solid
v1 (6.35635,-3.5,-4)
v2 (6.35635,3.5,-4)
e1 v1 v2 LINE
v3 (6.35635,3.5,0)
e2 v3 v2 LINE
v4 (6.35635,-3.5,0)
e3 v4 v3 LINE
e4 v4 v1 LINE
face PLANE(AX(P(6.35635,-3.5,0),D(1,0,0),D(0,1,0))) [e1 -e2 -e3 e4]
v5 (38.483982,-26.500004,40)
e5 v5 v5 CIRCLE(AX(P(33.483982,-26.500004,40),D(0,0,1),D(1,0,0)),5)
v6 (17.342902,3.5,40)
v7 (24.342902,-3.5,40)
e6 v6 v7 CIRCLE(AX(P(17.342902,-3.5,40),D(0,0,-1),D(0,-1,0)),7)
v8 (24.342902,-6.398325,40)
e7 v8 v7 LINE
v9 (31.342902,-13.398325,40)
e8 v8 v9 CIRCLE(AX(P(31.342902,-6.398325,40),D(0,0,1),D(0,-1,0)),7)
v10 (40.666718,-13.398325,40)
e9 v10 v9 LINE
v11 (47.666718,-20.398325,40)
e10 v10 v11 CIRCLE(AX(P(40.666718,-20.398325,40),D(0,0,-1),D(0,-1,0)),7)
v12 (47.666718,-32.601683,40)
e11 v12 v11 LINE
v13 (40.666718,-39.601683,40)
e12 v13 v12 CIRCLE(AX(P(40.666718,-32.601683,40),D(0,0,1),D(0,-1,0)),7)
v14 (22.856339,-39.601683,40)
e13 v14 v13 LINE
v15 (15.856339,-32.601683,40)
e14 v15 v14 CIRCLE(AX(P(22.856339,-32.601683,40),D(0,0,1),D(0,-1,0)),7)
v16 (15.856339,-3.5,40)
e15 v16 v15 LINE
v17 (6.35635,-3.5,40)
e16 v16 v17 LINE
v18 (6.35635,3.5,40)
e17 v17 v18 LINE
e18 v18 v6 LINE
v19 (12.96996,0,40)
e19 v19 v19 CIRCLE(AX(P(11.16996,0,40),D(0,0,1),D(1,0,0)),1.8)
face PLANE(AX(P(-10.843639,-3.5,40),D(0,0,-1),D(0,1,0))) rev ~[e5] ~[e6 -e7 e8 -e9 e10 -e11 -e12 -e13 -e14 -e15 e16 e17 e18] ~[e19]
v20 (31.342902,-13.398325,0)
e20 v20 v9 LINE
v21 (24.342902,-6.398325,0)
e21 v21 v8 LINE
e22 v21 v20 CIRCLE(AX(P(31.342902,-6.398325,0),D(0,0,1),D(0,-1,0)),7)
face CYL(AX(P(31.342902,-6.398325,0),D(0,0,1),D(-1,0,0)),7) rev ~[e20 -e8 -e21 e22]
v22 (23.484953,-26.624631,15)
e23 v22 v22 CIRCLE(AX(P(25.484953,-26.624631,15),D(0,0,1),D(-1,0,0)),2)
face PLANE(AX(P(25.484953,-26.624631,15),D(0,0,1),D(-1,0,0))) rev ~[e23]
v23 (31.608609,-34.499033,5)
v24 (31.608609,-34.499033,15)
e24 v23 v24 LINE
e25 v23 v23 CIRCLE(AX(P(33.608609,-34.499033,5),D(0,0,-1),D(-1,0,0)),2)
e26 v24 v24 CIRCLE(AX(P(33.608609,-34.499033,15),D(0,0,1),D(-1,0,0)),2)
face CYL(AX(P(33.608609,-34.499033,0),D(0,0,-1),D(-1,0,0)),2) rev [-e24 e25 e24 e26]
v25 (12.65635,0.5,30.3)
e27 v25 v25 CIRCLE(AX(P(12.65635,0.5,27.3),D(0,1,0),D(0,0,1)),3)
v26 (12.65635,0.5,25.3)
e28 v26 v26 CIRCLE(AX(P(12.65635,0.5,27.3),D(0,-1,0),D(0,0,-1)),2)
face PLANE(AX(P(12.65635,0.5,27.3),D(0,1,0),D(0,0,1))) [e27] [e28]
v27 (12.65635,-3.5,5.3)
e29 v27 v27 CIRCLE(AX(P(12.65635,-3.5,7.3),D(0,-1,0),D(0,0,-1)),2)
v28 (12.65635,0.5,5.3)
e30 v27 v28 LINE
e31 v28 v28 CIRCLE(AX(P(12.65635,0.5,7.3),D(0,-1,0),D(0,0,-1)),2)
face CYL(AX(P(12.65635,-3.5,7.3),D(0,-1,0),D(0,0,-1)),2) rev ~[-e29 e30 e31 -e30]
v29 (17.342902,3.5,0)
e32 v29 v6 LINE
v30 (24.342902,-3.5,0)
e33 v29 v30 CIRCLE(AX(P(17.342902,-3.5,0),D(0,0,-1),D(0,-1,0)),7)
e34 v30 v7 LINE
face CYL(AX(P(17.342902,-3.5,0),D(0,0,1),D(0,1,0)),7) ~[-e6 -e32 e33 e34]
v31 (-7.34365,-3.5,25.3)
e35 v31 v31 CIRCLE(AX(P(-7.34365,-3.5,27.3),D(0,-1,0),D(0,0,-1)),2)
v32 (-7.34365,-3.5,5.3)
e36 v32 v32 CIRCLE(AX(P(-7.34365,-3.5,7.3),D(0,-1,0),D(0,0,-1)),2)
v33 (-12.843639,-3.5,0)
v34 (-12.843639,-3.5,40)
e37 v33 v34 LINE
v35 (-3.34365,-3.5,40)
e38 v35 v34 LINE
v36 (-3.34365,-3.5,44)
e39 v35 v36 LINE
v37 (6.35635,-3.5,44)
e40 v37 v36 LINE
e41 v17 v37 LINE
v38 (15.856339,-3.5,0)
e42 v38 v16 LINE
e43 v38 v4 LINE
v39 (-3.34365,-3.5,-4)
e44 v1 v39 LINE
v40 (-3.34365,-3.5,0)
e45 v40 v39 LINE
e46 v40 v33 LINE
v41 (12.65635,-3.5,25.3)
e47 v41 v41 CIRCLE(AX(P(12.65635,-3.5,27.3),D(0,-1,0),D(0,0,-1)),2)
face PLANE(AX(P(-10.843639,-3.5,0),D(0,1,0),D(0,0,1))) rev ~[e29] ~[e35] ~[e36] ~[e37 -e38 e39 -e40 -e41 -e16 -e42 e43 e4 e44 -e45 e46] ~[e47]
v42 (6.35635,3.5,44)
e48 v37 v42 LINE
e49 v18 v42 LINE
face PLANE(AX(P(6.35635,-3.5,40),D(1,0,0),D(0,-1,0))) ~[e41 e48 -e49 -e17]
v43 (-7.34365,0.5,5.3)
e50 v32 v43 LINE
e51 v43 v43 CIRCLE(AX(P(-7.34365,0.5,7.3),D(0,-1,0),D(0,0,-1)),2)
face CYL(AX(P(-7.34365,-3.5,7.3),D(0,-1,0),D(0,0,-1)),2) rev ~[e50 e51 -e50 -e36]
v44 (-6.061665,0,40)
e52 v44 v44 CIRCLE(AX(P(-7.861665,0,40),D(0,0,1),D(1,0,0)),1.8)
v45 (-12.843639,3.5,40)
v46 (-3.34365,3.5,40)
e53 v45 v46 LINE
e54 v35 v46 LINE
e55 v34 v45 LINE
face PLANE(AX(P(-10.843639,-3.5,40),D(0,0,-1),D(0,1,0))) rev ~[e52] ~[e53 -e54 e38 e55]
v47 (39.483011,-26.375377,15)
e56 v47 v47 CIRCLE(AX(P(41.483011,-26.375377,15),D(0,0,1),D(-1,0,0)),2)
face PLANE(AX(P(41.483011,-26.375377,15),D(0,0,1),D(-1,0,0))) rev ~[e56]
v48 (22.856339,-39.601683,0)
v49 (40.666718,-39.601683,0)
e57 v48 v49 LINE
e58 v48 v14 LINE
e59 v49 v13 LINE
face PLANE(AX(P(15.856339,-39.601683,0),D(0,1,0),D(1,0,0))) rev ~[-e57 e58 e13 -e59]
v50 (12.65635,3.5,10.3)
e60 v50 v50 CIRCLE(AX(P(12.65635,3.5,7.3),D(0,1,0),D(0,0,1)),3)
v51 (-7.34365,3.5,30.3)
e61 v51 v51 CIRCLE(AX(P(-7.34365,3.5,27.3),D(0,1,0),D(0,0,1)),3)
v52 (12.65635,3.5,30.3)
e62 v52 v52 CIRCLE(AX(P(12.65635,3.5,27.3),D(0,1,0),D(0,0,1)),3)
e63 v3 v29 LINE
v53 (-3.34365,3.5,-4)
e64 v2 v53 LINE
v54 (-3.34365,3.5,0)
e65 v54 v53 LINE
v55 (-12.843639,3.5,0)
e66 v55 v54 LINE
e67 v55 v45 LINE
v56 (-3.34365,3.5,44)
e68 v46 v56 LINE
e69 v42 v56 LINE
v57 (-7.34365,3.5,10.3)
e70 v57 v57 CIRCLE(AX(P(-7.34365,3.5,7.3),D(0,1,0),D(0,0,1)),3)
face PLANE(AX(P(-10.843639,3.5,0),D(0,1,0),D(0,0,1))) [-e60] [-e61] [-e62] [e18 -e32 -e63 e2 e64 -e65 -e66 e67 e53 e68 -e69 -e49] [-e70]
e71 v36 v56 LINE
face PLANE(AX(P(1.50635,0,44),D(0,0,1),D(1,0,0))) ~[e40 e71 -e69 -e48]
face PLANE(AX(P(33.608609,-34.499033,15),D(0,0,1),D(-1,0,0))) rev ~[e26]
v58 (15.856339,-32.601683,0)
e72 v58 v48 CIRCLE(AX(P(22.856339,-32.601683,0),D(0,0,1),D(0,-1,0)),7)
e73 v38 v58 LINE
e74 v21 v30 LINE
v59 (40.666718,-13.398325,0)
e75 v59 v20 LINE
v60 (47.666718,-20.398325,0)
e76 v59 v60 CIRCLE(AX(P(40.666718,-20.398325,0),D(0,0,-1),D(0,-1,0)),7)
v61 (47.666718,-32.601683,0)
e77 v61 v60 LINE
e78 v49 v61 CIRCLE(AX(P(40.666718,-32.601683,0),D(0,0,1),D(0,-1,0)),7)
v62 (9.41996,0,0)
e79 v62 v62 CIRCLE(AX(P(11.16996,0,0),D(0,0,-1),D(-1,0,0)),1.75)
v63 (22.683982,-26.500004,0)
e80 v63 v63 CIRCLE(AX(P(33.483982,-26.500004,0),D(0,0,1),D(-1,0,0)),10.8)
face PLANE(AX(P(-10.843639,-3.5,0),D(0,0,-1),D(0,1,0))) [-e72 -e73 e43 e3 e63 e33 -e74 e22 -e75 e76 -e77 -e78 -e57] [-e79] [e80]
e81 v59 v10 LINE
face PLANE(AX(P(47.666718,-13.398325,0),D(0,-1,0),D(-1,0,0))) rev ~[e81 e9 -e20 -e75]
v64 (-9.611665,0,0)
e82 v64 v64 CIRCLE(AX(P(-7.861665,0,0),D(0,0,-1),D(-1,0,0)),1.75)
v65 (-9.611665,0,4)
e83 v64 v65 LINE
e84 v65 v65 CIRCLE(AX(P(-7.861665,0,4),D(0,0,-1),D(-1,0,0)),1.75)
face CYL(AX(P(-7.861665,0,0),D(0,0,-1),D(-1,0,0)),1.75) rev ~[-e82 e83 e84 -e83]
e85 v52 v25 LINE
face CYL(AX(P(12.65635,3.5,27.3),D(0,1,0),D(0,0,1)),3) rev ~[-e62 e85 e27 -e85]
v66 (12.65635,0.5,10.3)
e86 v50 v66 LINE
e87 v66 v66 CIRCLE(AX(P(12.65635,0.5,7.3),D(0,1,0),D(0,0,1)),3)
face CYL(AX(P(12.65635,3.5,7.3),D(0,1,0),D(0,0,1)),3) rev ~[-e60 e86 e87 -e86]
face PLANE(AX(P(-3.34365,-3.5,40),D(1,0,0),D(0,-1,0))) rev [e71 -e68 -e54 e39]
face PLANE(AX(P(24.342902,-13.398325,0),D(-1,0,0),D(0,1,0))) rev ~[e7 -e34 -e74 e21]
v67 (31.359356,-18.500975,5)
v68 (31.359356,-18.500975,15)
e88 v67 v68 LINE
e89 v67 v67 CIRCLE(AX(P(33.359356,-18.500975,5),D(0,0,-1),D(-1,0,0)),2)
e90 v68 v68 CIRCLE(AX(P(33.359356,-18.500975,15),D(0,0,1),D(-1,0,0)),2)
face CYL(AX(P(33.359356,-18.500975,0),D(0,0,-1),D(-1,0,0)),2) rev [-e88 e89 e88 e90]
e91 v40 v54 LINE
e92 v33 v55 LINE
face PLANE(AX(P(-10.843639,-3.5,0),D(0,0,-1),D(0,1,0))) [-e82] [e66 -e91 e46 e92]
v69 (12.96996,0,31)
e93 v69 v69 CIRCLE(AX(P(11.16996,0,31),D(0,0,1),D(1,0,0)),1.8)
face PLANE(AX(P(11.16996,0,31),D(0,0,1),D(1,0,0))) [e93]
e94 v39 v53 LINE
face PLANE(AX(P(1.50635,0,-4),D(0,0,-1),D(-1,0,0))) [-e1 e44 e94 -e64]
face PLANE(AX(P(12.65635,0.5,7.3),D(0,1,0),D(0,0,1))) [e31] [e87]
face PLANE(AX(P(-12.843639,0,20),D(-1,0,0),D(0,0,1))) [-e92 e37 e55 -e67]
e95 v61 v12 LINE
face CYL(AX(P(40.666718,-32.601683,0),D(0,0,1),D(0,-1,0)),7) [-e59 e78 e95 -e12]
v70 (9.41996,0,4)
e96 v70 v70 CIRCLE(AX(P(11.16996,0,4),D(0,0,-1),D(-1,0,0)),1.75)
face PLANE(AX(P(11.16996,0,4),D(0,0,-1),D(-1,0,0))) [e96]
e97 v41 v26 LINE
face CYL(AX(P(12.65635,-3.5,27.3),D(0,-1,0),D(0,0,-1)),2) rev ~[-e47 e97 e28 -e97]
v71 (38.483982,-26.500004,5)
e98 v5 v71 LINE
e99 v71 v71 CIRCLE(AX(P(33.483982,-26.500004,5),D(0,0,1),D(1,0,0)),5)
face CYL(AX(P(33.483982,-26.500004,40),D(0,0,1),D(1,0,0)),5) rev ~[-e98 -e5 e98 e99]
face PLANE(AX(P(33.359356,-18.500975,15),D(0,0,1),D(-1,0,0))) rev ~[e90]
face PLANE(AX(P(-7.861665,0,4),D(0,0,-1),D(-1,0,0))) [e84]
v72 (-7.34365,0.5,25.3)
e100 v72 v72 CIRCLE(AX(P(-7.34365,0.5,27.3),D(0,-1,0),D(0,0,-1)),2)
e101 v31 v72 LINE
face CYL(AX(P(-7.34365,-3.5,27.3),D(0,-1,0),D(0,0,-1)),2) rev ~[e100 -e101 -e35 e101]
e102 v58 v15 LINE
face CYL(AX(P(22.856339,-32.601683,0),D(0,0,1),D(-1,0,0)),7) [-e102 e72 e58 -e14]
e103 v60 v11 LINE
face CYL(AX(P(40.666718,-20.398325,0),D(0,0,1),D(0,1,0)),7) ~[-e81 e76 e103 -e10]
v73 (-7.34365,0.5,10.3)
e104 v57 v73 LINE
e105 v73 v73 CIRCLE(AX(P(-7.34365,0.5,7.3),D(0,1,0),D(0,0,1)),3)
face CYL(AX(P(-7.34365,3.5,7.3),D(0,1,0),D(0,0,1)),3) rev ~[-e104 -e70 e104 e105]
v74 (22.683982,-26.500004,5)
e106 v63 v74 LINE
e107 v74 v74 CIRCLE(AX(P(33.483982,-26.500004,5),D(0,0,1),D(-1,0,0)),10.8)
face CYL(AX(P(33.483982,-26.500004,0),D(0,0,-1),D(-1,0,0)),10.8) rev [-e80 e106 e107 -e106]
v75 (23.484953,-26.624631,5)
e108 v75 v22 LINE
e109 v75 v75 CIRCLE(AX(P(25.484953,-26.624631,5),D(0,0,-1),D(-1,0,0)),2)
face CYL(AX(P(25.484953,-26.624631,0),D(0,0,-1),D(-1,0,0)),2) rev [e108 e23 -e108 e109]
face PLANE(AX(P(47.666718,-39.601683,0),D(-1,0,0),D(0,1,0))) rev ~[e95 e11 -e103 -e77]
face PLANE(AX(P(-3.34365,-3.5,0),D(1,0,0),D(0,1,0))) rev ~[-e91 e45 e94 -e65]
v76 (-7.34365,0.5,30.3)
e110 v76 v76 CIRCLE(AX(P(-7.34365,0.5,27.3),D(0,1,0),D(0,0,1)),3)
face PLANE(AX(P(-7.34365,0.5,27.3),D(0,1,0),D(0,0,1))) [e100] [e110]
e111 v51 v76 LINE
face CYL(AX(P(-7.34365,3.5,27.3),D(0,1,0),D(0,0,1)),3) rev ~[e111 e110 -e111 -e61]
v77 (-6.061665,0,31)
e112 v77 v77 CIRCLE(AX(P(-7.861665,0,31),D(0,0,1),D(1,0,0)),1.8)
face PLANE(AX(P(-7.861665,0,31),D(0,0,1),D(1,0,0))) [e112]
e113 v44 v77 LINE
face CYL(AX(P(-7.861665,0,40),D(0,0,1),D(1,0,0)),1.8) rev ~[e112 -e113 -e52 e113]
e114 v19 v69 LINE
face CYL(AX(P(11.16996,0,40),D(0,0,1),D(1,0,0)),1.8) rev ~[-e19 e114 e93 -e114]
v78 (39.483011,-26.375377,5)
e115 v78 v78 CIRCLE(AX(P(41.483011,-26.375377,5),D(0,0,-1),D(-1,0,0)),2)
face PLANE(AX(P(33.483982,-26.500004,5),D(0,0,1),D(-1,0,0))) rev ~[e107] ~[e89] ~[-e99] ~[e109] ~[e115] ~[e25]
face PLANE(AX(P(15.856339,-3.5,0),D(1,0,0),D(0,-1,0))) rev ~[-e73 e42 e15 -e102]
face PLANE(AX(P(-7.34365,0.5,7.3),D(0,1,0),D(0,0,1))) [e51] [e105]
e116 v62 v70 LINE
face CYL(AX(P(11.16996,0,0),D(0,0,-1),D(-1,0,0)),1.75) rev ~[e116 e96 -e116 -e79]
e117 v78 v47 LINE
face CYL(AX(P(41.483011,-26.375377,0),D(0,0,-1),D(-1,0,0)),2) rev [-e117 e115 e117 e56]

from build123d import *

# Parameters (mm, degrees)
BOSS_EXTRUDE1_DEPTH = 40
CUT_EXTRUDE1_START  = -40
SKETCH2_R           = 10.8
SKETCH2_R_2         = 5
CUT_EXTRUDE1_DEPTH  = 5
SKETCH2_3_R         = 5
CUT_EXTRUDE2_DEPTH  = 74.759130645
CUT_EXTRUDE3_START  = -40
SKETCH3_R           = 2
CUT_EXTRUDE3_DEPTH  = 15
SKETCH5_R           = 2
CUT_EXTRUDE4_DEPTH  = 72.940583606
FILLET1_R           = 7
SKETCH12_R          = 1.75
CUT_EXTRUDE11_DEPTH = 4
SKETCH14_R          = 3
CUT_EXTRUDE12_DEPTH = 3
SKETCH15_R          = 1.8
CUT_EXTRUDE13_DEPTH = 9
SKETCH16_W          = 40
SKETCH16_H          = 7
BOSS_EXTRUDE5_DEPTH = 2
SKETCH18_W          = 9.7
SKETCH18_H          = 7
BOSS_EXTRUDE6_DEPTH = 4


with BuildPart() as part:
    # Sketch1 → Boss-Extrude1 (new body)
    with BuildSketch(Plane.XY):
        Polygon((-10.843639069, 3.5), (-10.843639069, -3.5), (15.856339325, -3.5), (15.856339325, -39.601683417), (47.6667182, -39.601683417), (47.6667182, -13.398324584), (24.342902039, -13.398324584), (24.342902039, 3.5), align=None)
    extrude(amount=BOSS_EXTRUDE1_DEPTH)

    # Sketch2 → Cut-Extrude1 (cut)
    # profile 1 of 2: a face of its own
    with BuildSketch(Plane.XY.offset(40).offset(CUT_EXTRUDE1_START)):
        with Locations(Location((33.48398225, -26.500004001, 0), (0, 0, 180))):
            Circle(SKETCH2_R)
        with Locations((33.48398225, -26.500004001)):
            Circle(SKETCH2_R_2, mode=Mode.SUBTRACT)
    # profile 2 of 2: a face of its own
    with BuildSketch(Plane.XY.offset(40).offset(CUT_EXTRUDE1_START)):
        with Locations((33.48398225, -26.500004001)):
            Circle(SKETCH2_R_2)
    extrude(amount=CUT_EXTRUDE1_DEPTH, mode=Mode.SUBTRACT)

    # Sketch2<3> → Cut-Extrude2 (cut, through all)
    with BuildSketch(Plane.XY.offset(40)):
        with Locations((33.48398225, -26.500004001)):
            Circle(SKETCH2_3_R)
    extrude(amount=-CUT_EXTRUDE2_DEPTH, mode=Mode.SUBTRACT)

    # Sketch3 → Cut-Extrude3 (cut)
    with BuildSketch(Plane.XY.offset(40).offset(CUT_EXTRUDE3_START)):
        with Locations(Location((33.608608886, -34.499033204, 0), (0, 0, 180))):
            Circle(SKETCH3_R)
        with Locations(Location((25.484953047, -26.624630636, 0), (0, 0, 180))):
            Circle(SKETCH3_R)
        with Locations(Location((33.359355615, -18.500974797, 0), (0, 0, 180))):
            Circle(SKETCH3_R)
        with Locations(Location((41.483011454, -26.375377365, 0), (0, 0, 180))):
            Circle(SKETCH3_R)
    extrude(amount=CUT_EXTRUDE3_DEPTH, mode=Mode.SUBTRACT)

    # Sketch5 → Cut-Extrude4 (cut, through all)
    with BuildSketch(Plane.XZ.offset(3.5)):
        with Locations(Location((-7.343649872, 7.3, 0), (0, 0, 270))):
            Circle(SKETCH5_R)
        with Locations(Location((12.656350128, 7.3, 0), (0, 0, 270))):
            Circle(SKETCH5_R)
        with Locations(Location((-7.343649872, 27.3, 0), (0, 0, 270))):
            Circle(SKETCH5_R)
        with Locations(Location((12.656350128, 27.3, 0), (0, 0, 270))):
            Circle(SKETCH5_R)
    extrude(amount=-CUT_EXTRUDE4_DEPTH, mode=Mode.SUBTRACT)

    # Fillet1
    fillet1_edges = [part.edges().sort_by_distance(p)[0] for p in [
        (24.342902039, 3.5, 20),
        (24.342902039, -13.398324584, 20),
        (47.6667182, -13.398324584, 20),
        (47.6667182, -39.601683417, 20),
        (15.856339325, -39.601683417, 20),
    ]]
    fillet(fillet1_edges, radius=FILLET1_R)

    # Sketch12 → Cut-Extrude11 (cut)
    with BuildSketch(Plane(origin=(0, 0, 0), x_dir=(-1, 0, 0), z_dir=(0, 0, -1))):
        with Locations((-11.169959988, 0)):
            Circle(SKETCH12_R)
        with Locations((7.861665279, 0)):
            Circle(SKETCH12_R)
    extrude(amount=-CUT_EXTRUDE11_DEPTH, mode=Mode.SUBTRACT)

    # Sketch14 → Cut-Extrude12 (cut)
    with BuildSketch(Plane(origin=(0, 3.5, 0), x_dir=(1, 0, 0), z_dir=(0, 1, 0))):
        with Locations(Location((-7.343649872, -7.3, 0), (0, 0, 270))):
            Circle(SKETCH14_R)
        with Locations(Location((-7.343649872, -27.3, 0), (0, 0, 270))):
            Circle(SKETCH14_R)
        with Locations(Location((12.656350128, -27.3, 0), (0, 0, 270))):
            Circle(SKETCH14_R)
        with Locations(Location((12.656350128, -7.3, 0), (0, 0, 270))):
            Circle(SKETCH14_R)
    extrude(amount=-CUT_EXTRUDE12_DEPTH, mode=Mode.SUBTRACT)

    # Sketch15 → Cut-Extrude13 (cut)
    with BuildSketch(Plane.XY.offset(40)):
        with Locations((-7.861665279, 0)):
            Circle(SKETCH15_R)
        with Locations((11.169959988, 0)):
            Circle(SKETCH15_R)
    extrude(amount=-CUT_EXTRUDE13_DEPTH, mode=Mode.SUBTRACT)

    # Sketch16 → Boss-Extrude5 (add)
    with BuildSketch(Plane.ZY.offset(10.843639069)):
        with Locations((20, 0)):
            Rectangle(SKETCH16_W, SKETCH16_H)
    extrude(amount=BOSS_EXTRUDE5_DEPTH)

    # Sketch18 → Boss-Extrude6 (add)
    with BuildSketch(Plane(origin=(0, 0, 0), x_dir=(-1, 0, 0), z_dir=(0, 0, -1))):
        with Locations((-1.506350128, 0)):
            Rectangle(SKETCH18_W, SKETCH18_H)
    boss_extrude6 = extrude(amount=BOSS_EXTRUDE6_DEPTH)

    # Mirror6: Boss-Extrude6 across plane
    add(boss_extrude6.mirror(Plane(origin=(0, 0, 20), x_dir=(1, 0, 0), z_dir=(0, 0, -1))))


solid = part.part
